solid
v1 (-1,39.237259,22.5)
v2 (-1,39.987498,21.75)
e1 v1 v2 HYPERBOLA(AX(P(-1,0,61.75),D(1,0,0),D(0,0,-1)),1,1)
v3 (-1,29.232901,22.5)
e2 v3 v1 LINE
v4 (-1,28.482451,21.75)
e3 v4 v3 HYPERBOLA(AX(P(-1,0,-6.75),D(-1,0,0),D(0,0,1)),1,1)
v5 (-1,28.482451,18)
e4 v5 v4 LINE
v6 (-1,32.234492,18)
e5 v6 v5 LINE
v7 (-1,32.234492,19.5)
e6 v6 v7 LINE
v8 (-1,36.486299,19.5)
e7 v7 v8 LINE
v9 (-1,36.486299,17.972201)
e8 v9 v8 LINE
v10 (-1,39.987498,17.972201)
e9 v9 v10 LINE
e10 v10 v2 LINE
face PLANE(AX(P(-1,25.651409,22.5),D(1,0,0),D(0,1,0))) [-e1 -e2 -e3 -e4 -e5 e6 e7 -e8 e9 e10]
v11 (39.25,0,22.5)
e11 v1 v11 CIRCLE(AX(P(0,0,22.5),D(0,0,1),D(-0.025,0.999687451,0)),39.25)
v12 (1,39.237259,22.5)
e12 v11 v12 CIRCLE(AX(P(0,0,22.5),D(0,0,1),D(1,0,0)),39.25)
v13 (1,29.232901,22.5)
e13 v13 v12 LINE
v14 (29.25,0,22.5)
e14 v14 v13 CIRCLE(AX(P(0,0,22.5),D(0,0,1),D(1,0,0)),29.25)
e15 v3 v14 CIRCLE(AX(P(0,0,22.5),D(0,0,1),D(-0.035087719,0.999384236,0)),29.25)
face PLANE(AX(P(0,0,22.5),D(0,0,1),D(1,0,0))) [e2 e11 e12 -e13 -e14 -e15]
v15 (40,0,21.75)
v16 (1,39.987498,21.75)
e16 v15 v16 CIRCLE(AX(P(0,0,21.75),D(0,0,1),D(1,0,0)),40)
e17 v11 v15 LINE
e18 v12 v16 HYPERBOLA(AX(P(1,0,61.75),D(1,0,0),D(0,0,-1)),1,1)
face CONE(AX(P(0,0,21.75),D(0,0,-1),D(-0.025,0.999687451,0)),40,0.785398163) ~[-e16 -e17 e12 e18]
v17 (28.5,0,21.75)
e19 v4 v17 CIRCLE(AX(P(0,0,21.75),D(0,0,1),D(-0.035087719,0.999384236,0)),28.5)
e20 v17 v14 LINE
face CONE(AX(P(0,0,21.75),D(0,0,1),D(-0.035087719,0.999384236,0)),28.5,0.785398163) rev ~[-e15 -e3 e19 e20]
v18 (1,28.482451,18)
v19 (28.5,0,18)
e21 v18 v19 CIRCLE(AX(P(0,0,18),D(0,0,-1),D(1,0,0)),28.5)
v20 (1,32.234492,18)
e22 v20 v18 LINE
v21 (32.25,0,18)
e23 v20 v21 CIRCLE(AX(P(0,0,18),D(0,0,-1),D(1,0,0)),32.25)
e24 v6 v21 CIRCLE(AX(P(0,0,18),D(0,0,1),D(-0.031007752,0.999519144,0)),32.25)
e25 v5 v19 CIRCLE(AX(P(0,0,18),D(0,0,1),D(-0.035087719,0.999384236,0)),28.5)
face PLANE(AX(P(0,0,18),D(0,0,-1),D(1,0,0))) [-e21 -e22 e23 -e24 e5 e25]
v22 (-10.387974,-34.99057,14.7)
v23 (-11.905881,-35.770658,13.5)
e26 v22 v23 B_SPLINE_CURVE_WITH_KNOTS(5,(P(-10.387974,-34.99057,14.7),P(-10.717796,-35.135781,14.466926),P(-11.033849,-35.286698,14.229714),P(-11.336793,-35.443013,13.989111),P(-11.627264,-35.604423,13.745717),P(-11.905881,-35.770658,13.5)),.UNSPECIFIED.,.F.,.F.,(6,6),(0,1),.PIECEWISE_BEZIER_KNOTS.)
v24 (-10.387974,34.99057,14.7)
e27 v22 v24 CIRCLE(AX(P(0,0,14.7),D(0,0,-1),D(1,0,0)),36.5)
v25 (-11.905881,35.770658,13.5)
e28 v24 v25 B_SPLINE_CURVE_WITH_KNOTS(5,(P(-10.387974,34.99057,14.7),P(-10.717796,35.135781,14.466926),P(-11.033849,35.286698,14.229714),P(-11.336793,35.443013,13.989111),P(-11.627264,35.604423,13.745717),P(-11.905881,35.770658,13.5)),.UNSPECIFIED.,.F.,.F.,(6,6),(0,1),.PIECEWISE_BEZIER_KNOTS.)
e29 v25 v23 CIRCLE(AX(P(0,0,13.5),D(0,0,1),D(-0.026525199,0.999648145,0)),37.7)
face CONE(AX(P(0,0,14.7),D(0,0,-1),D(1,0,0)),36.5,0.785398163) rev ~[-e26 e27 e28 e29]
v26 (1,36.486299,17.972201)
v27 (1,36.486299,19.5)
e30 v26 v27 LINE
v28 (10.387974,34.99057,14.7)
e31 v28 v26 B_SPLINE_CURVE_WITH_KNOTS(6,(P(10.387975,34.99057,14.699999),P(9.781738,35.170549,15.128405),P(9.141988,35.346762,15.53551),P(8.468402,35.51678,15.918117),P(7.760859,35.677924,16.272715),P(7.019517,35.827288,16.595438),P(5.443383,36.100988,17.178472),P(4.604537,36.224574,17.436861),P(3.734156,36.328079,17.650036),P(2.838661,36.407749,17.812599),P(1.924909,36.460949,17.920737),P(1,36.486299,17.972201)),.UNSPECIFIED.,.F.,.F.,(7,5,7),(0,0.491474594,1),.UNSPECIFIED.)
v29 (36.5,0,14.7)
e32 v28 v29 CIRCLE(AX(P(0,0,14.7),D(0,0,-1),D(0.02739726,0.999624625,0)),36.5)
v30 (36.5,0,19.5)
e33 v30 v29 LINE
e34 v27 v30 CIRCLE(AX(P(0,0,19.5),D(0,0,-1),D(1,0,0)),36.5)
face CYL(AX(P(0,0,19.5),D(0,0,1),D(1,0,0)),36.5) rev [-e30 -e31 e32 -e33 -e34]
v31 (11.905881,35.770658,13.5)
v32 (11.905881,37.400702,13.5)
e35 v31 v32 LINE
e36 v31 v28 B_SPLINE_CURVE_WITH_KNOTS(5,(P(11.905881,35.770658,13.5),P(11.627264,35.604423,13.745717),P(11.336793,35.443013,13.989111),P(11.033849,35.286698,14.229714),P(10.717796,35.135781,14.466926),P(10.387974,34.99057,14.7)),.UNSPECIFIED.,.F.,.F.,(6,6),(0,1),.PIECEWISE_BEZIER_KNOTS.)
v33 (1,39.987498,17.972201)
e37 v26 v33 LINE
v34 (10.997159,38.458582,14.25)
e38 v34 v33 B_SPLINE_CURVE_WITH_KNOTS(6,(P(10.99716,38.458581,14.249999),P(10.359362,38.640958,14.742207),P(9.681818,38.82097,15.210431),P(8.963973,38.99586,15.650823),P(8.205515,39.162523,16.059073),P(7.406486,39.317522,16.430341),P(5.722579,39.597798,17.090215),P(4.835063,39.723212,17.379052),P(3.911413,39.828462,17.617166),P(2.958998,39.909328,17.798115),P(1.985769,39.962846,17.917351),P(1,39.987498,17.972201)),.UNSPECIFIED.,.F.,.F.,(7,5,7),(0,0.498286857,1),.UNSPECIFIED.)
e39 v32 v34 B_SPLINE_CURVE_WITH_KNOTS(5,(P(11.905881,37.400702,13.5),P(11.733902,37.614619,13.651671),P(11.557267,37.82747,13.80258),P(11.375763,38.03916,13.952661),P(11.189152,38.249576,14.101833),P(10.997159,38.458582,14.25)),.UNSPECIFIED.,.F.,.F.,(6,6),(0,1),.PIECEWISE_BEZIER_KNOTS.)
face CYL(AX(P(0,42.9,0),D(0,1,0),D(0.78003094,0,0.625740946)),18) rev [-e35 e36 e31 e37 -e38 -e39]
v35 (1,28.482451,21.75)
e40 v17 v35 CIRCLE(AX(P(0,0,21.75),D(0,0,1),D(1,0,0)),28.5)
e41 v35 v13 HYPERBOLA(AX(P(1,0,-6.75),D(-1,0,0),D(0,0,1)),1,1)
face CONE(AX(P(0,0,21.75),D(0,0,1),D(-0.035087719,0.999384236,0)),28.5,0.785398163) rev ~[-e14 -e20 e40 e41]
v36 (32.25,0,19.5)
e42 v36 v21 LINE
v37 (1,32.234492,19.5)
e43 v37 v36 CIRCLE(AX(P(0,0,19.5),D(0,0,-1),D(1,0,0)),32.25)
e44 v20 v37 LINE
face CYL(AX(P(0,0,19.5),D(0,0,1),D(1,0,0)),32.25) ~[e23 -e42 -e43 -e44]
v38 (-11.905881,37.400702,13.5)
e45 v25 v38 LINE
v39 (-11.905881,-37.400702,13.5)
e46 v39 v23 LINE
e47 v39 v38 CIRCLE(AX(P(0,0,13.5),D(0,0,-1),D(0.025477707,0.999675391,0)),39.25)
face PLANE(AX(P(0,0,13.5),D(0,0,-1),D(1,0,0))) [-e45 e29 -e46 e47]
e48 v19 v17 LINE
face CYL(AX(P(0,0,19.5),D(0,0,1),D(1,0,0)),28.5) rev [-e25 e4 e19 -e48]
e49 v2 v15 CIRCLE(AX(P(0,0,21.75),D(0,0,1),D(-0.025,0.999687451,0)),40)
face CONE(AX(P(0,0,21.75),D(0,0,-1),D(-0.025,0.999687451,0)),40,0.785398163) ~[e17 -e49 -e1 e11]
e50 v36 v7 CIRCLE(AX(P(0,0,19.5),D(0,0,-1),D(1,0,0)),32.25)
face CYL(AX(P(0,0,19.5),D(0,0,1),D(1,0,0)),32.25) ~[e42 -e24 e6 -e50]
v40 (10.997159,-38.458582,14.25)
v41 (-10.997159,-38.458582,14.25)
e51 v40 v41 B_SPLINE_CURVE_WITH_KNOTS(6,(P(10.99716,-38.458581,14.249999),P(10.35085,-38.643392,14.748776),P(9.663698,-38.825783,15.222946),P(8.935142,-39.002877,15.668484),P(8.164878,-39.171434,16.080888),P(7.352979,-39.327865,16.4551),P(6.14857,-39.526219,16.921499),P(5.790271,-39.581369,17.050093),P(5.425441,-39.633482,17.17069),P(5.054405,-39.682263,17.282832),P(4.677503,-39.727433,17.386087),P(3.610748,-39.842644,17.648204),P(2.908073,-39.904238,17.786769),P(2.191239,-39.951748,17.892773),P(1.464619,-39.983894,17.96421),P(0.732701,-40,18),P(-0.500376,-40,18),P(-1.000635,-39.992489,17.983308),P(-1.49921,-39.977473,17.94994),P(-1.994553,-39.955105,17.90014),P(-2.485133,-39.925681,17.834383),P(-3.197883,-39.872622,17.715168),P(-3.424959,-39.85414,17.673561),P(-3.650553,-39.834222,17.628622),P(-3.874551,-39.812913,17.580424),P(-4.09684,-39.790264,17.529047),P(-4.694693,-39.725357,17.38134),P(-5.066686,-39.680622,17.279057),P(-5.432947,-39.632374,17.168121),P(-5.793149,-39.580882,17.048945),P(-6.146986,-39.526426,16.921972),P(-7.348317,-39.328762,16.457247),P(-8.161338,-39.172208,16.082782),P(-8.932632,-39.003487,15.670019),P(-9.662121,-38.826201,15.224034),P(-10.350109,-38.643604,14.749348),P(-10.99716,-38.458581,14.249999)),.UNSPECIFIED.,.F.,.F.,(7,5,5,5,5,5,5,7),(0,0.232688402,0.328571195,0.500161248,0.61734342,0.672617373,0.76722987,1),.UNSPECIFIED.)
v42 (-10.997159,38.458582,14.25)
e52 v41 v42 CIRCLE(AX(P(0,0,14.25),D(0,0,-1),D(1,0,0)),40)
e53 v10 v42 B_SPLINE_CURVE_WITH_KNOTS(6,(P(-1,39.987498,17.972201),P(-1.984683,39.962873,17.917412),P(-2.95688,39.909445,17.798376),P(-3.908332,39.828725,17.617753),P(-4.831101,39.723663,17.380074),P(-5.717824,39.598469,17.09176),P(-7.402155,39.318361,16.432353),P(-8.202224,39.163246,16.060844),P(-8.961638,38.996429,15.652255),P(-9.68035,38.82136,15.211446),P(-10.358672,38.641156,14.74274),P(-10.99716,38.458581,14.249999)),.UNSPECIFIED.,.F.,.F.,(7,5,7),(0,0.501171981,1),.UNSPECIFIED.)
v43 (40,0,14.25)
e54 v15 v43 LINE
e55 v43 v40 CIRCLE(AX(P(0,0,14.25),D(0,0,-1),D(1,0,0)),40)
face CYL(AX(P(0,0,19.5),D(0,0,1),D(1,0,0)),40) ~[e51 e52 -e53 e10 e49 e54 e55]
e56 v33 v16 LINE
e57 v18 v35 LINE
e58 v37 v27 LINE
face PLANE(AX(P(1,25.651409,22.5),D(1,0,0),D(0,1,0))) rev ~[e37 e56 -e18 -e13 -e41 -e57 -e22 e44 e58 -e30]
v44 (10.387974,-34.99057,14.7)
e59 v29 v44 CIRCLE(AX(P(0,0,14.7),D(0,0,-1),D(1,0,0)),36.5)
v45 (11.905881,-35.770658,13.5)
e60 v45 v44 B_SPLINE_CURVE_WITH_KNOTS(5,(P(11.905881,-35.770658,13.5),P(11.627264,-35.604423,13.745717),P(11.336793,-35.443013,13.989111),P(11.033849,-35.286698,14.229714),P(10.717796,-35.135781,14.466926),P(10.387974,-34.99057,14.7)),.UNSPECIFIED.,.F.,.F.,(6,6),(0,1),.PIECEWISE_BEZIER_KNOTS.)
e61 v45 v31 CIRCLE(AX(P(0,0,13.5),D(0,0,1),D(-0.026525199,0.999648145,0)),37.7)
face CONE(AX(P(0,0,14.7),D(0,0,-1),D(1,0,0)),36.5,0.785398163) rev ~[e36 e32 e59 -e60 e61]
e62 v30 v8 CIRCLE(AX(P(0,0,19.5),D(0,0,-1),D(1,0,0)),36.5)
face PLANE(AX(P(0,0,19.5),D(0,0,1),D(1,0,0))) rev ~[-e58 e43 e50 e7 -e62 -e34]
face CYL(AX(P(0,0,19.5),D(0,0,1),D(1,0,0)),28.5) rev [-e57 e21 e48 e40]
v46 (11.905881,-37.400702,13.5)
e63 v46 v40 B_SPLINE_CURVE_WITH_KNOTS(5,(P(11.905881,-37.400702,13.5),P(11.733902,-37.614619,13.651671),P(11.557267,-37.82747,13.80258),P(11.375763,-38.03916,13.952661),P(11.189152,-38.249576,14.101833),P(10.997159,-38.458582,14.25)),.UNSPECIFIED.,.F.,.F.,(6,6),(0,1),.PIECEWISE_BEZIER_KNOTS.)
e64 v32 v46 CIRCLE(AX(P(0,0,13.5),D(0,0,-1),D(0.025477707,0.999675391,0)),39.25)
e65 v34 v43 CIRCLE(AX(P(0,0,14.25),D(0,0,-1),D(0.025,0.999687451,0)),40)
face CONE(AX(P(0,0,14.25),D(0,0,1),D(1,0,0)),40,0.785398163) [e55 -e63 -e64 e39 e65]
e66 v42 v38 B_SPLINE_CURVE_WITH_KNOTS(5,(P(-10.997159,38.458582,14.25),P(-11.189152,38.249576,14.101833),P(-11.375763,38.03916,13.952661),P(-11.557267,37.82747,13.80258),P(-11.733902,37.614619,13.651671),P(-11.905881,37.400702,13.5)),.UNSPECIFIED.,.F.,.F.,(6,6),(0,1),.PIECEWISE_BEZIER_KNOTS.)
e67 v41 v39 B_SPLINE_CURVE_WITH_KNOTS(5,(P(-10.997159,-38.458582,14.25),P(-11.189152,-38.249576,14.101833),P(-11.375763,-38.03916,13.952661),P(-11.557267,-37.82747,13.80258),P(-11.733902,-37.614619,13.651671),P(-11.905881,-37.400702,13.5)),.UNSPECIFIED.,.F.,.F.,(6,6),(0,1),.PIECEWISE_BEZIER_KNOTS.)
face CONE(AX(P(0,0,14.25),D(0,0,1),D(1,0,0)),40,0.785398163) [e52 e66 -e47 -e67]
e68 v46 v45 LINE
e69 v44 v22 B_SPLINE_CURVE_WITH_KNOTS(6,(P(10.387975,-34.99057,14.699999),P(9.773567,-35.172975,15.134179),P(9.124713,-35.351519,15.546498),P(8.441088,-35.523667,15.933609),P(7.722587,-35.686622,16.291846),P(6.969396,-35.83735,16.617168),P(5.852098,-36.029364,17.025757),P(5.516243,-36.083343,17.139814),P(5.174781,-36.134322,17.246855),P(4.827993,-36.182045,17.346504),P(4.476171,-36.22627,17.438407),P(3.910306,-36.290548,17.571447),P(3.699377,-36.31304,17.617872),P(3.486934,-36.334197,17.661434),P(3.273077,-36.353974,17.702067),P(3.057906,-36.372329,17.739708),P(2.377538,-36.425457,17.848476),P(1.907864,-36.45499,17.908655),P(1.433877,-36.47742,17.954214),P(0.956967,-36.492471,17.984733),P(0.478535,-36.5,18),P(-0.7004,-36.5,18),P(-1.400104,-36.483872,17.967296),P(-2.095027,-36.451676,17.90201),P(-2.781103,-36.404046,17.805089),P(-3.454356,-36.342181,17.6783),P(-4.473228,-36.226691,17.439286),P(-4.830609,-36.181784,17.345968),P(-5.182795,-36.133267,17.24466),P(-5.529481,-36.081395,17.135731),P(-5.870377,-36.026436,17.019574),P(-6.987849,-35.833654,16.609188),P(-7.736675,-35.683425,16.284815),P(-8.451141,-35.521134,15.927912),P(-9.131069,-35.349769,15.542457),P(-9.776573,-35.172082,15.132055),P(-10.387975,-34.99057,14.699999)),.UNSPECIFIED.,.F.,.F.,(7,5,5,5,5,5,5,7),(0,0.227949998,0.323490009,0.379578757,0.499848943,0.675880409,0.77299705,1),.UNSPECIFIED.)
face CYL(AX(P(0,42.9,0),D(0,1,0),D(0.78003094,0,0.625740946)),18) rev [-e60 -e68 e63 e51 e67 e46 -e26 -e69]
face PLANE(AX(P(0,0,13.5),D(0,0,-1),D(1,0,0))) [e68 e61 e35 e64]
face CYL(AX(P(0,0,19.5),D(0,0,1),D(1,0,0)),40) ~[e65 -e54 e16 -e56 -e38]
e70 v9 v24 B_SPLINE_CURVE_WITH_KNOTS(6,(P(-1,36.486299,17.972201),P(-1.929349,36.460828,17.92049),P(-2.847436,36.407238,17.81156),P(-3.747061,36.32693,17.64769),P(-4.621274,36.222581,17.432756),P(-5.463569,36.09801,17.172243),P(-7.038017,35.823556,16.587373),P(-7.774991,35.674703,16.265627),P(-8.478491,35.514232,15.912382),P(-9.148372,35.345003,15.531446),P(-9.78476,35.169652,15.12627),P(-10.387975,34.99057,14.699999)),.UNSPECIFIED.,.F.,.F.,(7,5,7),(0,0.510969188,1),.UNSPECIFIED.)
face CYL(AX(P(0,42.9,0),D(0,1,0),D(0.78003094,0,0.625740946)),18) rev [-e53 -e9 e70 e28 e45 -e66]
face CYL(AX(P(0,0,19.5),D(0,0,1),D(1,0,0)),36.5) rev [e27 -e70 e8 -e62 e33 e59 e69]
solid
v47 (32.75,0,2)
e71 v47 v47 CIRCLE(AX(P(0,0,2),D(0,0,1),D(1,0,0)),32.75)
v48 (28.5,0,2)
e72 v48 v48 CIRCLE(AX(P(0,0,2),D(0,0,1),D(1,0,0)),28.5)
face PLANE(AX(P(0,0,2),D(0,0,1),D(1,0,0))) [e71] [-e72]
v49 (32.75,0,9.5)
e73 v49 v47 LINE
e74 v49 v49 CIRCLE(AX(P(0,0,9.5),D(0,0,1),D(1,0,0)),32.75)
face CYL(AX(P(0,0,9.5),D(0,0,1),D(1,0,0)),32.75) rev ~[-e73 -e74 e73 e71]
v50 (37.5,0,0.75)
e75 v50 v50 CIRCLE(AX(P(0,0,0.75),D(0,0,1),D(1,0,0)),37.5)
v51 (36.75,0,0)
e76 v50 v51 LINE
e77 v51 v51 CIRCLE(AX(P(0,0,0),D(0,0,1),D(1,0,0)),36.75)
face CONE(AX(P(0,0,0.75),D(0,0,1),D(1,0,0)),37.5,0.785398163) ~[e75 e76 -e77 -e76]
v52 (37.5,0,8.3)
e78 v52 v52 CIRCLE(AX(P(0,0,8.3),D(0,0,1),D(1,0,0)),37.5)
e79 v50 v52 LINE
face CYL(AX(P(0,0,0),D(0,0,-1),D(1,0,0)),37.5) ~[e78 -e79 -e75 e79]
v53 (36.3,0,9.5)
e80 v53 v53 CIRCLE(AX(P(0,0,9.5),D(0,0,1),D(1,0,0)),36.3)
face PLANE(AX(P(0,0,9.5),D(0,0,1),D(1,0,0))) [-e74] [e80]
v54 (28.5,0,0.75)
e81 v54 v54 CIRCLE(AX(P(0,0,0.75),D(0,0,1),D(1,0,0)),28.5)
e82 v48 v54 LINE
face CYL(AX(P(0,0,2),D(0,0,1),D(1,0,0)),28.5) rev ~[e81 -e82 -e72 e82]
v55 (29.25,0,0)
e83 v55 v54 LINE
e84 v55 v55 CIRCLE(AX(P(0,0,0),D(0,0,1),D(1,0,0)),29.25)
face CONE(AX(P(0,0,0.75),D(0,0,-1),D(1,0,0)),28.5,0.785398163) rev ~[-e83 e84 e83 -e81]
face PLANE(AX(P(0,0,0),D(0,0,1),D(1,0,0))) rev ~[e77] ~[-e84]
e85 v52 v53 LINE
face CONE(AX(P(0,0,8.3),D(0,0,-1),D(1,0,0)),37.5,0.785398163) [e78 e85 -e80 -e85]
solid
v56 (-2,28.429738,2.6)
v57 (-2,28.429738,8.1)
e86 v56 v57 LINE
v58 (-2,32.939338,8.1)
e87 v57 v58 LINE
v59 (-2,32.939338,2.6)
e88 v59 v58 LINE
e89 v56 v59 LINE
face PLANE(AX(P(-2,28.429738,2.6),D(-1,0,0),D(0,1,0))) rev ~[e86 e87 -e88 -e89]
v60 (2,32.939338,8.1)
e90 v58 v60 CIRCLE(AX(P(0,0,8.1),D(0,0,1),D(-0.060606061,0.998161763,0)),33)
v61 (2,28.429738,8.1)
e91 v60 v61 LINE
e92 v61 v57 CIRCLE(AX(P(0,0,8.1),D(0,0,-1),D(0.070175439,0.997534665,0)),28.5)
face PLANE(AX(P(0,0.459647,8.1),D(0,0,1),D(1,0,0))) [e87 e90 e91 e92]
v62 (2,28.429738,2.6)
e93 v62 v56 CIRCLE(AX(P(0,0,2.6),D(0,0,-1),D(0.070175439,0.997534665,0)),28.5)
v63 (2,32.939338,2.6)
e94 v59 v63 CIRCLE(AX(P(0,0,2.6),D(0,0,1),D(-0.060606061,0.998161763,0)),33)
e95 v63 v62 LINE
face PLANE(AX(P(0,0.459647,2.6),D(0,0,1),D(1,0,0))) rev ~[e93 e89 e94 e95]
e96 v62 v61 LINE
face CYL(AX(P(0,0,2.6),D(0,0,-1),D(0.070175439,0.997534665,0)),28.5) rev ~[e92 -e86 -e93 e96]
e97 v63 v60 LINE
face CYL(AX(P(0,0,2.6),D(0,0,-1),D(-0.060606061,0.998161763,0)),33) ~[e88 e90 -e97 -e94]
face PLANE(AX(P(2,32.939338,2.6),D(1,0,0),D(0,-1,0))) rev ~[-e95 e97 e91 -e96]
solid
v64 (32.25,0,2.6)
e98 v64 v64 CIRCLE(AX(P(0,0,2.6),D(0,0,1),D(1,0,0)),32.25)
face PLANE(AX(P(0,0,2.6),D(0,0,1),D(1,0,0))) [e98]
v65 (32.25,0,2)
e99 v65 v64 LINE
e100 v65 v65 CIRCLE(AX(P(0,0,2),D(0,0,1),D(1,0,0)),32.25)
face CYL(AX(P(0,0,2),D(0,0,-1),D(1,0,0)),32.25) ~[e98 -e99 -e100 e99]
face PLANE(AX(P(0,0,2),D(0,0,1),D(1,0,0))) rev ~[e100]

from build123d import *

# Parameters (mm, degrees)
F0_R       = 37.5
F1_DEPTH   = 9.5
F2_R       = 32.75
F3_DEPTH   = 7.5
F4_R       = 28.5
F5_DEPTH   = 25
F6_R       = 32.25
F7_DEPTH   = 0.6
F9_DEPTH   = 5.5
F11_R      = 40
F11_R_2    = 28.5
F12_DEPTH  = 3
F13_R      = 40
F13_R_2    = 36.5
F14_DEPTH  = 6
F15_R      = 32.25
F15_R_2    = 28.5
F16_DEPTH  = 1.5
F17_W      = 2
F17_H      = 16.657679
F18_DEPTH  = 10
F19_SIZE   = 1.2
F19_2_SIZE = 1.2
F20_SIZE   = 0.75
F20_2_SIZE = 0.75
F23_DEPTH  = 88


with BuildPart() as f1:
    # F0 (on Top) → F1 (new body)
    with BuildSketch(Plane.XY):
        Circle(F0_R)
    extrude(amount=F1_DEPTH)

    # F2 (on face) → F3 (cut)
    with BuildSketch(Plane.XY.offset(9.5)):
        Circle(F2_R)
    extrude(amount=-F3_DEPTH, mode=Mode.SUBTRACT)

    # F4 (on face) → F5 (cut)
    with BuildSketch(Plane.XY.offset(2)):
        Circle(F4_R)
    extrude(amount=-F5_DEPTH, mode=Mode.SUBTRACT)

    # F19
    f19_edges = [f1.edges().sort_by_distance(p)[0] for p in [
        (-37.5, 0, 9.5),
    ]]
    chamfer(f19_edges, length=F19_SIZE)

    # F20
    f20_edges = [f1.edges().sort_by_distance(p)[0] for p in [
        (-37.5, 0, 0),
        (-28.5, 0, 0),
    ]]
    chamfer(f20_edges, length=F20_SIZE)


with BuildPart() as f7:
    # F6 (on face) → F7 (new body)
    with BuildSketch(Plane.XY.offset(2)):
        Circle(F6_R)
    extrude(amount=F7_DEPTH)


with BuildPart() as f9:
    # F8 (on face) → F9 (new body)
    with BuildSketch(Plane.XY.offset(2.6)):
        with BuildLine():
            Line((-2, 28.429738), (-2, 32.939338))
            ThreePointArc((-2, 32.939338), (0, -33), (2, 32.939338))
            Line((2, 32.939338), (2, 28.429738))
            ThreePointArc((2, 28.429738), (0, -28.5), (-2, 28.429738))
        make_face()
    extrude(amount=F9_DEPTH)


with BuildPart() as f12:
    # F11 (on offset) → F12 (new body)
    with BuildSketch(Plane.XY.offset(19.5)):
        Circle(F11_R)
        Circle(F11_R_2, mode=Mode.SUBTRACT)
    extrude(amount=F12_DEPTH)

    # F13 (on face) → F14 (join)
    with BuildSketch(Plane(origin=(0, 0, 19.5), x_dir=(1, 0, 0), z_dir=(0, 0, -1))):
        Circle(F13_R)
        Circle(F13_R_2, mode=Mode.SUBTRACT)
    extrude(amount=F14_DEPTH)

    # F15 (on face) → F16 (join)
    with BuildSketch(Plane(origin=(0, 0, 19.5), x_dir=(1, 0, 0), z_dir=(0, 0, -1))):
        Circle(F15_R)
        Circle(F15_R_2, mode=Mode.SUBTRACT)
    extrude(amount=F16_DEPTH)

    # F17 (on face) → F18 (cut)
    with BuildSketch(Plane.XY.offset(22.5)):
        with Locations((0, 33.980249)):
            Rectangle(F17_W, F17_H)
    extrude(amount=-F18_DEPTH, mode=Mode.SUBTRACT)

    # F19#2
    f19_2_edges = [f12.edges().sort_by_distance(p)[0] for p in [
        (-25.453389, -26.160562, 13.5),
    ]]
    chamfer(f19_2_edges, length=F19_2_SIZE)

    # F20#2
    f20_2_edges = [f12.edges().sort_by_distance(p)[0] for p in [
        (-27.92848, -28.635642, 22.5),
        (-19.795833, -20.503049, 22.5),
        (-27.92848, -28.635642, 13.5),
    ]]
    chamfer(f20_2_edges, length=F20_2_SIZE)

    # F22 (on offset) → F23 (cut)
    with BuildSketch(Plane.XZ.offset(-42.9)):
        with BuildLine():
            Line((-14.040557, 11.263337), (14.040557, 11.263337))
            ThreePointArc((14.040557, 11.263337), (0, 18), (-14.040557, 11.263337))
        make_face()
    extrude(amount=F23_DEPTH, mode=Mode.SUBTRACT)


solid = Compound([f1.part, f7.part, f9.part, f12.part])
